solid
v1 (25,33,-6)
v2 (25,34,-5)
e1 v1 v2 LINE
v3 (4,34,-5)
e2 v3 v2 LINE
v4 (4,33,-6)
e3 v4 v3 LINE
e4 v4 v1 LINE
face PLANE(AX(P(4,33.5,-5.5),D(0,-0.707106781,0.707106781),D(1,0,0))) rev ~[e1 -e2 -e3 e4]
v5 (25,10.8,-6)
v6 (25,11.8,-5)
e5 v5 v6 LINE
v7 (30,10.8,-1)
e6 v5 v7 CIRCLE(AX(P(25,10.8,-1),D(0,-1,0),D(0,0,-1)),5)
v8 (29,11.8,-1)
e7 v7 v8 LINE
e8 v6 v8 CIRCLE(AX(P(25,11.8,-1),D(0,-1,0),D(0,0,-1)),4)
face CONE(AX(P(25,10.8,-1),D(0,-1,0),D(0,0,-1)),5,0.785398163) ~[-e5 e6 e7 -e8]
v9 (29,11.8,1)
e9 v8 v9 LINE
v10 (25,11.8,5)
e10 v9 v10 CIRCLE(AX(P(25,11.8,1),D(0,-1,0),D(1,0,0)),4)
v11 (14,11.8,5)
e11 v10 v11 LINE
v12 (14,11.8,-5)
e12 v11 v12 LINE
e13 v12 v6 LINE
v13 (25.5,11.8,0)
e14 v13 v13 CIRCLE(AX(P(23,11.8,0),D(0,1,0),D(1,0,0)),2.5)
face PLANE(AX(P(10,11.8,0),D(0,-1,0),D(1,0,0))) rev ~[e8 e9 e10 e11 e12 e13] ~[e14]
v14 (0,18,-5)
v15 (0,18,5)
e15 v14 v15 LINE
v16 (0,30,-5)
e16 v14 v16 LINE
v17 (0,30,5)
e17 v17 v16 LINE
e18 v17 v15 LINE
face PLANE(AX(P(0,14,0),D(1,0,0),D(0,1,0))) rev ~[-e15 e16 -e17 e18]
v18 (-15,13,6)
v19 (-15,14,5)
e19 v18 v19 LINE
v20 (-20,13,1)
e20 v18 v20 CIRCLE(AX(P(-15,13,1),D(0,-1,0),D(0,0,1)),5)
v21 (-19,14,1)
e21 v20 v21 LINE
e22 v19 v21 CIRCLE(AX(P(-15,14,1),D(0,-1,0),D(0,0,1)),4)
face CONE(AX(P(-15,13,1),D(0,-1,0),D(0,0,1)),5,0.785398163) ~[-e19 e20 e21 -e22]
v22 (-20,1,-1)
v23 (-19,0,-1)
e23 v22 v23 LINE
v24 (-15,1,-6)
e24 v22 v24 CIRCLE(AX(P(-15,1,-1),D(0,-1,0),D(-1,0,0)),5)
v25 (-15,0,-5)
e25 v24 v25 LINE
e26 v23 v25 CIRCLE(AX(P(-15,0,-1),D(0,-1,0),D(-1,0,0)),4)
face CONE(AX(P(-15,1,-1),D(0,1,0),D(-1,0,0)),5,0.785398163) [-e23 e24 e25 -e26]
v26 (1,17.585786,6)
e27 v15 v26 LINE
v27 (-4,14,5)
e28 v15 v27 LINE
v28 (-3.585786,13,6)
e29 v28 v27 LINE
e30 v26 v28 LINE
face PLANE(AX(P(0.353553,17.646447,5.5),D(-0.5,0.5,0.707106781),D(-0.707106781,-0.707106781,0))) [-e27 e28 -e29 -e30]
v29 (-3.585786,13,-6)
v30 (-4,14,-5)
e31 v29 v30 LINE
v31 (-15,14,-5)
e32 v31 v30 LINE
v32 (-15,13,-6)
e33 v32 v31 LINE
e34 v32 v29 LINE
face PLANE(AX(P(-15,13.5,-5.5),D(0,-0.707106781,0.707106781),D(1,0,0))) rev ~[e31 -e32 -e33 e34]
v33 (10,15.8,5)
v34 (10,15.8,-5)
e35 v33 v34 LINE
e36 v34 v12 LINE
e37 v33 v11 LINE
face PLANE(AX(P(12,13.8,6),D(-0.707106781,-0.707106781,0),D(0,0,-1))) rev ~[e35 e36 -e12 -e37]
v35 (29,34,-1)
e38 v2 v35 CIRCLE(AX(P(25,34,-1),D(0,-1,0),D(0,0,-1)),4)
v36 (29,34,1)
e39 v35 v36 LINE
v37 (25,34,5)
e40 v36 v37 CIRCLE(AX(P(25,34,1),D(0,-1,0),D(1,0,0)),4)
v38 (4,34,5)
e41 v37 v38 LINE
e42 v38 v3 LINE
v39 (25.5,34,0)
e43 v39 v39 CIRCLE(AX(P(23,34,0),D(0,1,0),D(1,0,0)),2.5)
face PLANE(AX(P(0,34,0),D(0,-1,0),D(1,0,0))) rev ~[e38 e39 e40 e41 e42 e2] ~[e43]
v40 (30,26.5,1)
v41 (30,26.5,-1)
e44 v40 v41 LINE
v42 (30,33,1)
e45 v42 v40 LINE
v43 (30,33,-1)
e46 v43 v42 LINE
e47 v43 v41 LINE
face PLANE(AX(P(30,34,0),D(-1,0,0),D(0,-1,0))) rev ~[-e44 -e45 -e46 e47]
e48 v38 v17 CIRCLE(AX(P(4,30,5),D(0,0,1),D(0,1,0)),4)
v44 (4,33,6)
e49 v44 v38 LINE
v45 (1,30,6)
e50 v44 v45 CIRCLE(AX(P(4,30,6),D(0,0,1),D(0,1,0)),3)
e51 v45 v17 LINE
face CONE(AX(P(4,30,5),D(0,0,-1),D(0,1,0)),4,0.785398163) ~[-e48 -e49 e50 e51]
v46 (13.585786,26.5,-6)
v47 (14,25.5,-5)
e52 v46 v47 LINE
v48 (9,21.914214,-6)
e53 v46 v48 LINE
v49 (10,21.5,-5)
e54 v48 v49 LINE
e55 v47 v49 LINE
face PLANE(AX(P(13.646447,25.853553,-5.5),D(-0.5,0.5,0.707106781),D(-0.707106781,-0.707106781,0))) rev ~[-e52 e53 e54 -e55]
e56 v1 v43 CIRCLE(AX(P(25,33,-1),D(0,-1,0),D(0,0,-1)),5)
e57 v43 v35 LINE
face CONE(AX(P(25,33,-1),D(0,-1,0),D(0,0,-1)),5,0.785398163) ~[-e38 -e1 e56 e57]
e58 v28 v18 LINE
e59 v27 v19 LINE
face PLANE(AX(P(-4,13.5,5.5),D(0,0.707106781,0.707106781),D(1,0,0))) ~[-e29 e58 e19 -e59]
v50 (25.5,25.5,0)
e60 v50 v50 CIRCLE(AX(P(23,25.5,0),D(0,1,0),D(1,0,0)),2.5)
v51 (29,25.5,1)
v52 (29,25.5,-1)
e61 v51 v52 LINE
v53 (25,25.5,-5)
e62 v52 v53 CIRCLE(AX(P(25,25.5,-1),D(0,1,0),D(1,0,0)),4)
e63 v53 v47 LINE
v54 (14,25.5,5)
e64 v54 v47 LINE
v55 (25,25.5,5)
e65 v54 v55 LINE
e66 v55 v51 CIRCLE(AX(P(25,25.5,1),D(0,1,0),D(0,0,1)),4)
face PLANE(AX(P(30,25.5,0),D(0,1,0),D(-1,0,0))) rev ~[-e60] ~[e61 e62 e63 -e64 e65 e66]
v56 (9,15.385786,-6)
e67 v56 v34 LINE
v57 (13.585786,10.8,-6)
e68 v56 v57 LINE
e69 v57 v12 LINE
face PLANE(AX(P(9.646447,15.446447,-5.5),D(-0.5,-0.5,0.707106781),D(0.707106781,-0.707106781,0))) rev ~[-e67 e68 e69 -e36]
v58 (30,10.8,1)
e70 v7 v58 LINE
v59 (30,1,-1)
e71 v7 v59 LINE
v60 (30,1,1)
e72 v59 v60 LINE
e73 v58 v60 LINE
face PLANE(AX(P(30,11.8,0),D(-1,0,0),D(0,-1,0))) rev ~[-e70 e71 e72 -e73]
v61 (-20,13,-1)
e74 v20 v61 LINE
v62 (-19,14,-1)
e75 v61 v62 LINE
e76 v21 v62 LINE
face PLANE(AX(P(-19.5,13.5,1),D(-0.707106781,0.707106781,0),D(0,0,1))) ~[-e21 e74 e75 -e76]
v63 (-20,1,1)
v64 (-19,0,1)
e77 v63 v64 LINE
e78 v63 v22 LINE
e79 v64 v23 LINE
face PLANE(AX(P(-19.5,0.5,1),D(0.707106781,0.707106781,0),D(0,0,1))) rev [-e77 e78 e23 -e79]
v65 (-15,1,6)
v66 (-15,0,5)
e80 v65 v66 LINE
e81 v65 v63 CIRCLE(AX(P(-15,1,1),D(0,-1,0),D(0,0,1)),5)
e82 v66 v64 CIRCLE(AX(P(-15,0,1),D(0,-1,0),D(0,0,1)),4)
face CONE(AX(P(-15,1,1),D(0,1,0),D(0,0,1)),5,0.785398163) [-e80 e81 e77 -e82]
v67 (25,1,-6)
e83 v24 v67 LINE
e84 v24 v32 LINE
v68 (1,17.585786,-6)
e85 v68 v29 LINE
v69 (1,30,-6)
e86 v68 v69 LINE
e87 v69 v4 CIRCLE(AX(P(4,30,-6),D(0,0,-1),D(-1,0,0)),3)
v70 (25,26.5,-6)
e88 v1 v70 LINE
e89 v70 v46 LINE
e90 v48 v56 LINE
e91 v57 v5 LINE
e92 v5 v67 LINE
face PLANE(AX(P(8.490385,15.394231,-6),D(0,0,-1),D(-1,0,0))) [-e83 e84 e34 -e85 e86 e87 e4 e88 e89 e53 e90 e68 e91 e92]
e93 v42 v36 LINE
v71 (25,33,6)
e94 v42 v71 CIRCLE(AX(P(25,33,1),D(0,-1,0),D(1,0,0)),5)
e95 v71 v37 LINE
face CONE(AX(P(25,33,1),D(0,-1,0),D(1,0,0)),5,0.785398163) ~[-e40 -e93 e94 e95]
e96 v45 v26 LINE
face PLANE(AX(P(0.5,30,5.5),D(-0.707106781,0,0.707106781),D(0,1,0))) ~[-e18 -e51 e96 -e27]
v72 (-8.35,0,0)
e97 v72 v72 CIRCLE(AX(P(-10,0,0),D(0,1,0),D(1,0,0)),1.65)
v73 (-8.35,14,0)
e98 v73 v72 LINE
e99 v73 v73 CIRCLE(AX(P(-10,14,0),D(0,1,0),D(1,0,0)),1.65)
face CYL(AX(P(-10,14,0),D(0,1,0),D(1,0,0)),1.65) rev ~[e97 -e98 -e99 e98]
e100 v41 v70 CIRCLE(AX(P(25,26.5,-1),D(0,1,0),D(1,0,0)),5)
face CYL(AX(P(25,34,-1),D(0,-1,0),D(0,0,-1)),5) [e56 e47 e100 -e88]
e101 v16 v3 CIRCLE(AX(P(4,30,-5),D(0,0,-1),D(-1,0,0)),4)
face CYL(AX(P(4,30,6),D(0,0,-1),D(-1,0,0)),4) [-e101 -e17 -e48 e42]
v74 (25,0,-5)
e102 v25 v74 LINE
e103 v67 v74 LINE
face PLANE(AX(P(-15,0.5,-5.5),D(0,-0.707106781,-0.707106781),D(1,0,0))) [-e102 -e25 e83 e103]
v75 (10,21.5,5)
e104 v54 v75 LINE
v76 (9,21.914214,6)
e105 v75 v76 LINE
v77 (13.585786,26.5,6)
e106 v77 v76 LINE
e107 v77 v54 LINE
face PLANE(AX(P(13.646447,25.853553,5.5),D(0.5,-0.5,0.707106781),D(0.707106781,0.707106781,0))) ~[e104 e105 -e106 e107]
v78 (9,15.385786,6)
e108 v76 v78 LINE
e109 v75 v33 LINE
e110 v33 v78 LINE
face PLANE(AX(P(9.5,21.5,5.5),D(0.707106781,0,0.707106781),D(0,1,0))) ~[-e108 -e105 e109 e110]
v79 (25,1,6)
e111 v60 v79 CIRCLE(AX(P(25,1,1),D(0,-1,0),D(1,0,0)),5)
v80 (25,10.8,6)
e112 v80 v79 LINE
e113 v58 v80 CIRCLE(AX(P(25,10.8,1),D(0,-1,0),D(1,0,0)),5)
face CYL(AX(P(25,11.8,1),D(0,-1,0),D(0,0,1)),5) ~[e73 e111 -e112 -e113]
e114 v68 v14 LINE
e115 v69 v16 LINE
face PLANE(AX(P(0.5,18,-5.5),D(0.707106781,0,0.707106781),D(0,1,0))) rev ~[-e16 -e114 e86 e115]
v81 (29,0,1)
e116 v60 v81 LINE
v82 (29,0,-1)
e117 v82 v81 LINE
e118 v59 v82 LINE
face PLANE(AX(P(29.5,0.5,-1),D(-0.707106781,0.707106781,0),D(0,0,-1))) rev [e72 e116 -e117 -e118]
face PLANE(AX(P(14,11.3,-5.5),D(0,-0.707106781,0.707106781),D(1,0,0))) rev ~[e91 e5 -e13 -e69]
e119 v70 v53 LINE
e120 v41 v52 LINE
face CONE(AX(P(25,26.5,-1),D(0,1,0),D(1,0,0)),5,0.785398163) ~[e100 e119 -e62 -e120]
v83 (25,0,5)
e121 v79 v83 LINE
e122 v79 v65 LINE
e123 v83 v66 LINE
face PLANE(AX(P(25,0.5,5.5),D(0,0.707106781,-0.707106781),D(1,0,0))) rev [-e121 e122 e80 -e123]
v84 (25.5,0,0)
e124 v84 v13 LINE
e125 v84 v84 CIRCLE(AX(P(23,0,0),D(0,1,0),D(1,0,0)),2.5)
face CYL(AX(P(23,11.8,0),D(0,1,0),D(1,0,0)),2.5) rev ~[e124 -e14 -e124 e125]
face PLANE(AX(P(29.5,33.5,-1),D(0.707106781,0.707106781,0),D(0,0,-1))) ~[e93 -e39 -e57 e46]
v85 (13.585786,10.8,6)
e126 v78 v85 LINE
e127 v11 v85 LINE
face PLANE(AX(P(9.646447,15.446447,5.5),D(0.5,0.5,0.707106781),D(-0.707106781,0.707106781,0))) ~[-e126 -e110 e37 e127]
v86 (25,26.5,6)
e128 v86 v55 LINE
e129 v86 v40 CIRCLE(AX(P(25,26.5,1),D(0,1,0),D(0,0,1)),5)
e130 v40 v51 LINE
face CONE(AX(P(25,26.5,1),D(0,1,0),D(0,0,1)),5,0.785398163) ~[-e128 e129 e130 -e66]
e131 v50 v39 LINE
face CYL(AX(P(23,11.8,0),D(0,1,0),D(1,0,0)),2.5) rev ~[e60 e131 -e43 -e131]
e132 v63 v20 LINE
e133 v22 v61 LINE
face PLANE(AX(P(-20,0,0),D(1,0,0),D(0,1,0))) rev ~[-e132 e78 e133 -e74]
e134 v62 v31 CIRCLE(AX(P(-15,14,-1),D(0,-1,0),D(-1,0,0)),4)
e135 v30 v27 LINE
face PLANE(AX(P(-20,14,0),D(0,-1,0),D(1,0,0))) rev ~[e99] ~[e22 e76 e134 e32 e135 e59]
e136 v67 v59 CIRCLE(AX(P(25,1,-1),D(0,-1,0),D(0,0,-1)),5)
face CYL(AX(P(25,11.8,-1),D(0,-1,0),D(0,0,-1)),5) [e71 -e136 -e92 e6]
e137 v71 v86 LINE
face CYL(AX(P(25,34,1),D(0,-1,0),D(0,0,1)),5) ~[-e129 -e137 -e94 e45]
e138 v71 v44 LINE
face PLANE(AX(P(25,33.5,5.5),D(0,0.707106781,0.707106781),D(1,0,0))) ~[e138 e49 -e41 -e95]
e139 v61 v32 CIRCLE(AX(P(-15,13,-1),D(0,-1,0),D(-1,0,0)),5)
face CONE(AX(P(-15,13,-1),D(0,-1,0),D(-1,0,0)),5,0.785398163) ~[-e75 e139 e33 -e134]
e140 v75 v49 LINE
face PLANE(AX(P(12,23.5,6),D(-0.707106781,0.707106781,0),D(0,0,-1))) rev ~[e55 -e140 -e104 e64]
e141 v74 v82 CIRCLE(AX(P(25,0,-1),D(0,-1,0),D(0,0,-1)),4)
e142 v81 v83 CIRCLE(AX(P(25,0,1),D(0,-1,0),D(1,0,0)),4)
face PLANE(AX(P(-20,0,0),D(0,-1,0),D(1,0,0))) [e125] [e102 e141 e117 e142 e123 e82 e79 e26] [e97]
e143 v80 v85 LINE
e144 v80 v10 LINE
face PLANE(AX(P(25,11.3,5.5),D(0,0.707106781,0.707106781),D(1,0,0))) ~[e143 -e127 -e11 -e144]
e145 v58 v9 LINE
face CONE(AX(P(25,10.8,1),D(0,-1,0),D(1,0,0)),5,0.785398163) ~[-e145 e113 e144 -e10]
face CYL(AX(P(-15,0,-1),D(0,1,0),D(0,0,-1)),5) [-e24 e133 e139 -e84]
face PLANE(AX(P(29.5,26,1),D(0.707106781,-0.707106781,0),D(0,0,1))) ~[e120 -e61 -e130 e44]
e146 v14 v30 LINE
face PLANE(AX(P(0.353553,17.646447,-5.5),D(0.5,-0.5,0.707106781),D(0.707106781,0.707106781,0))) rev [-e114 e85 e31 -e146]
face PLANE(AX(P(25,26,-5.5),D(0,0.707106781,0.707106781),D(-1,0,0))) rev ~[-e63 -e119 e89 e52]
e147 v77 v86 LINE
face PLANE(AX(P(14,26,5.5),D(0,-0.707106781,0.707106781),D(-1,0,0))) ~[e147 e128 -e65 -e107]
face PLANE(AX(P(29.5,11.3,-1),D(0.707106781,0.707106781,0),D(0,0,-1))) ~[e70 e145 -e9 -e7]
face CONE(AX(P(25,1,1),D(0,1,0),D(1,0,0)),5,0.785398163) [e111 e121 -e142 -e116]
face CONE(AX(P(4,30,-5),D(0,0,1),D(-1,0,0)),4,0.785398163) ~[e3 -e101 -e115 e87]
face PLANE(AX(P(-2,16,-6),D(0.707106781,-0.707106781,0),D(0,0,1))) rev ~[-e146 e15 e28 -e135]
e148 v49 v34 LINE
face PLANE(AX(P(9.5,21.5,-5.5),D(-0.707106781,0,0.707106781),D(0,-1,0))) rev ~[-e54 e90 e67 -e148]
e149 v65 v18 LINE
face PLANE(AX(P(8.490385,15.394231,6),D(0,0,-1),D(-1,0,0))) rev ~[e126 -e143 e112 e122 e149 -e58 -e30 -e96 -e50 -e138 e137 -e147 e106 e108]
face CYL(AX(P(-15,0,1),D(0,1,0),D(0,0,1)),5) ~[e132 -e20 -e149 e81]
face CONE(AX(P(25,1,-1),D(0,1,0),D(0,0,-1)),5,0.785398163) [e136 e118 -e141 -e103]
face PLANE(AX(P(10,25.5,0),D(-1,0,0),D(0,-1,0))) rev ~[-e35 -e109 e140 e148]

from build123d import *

# Parameters (mm, degrees)
BOSS_EXTRUDE1_DEPTH = 6
SKETCH2_R           = 1.65
CUT_EXTRUDE1_DEPTH  = 20
SKETCH3_R           = 2.5
CUT_EXTRUDE2_DEPTH  = 30
CHAMFER1_SIZE       = 4
FILLET1_R           = 4
FILLET2_R           = 5
CHAMFER2_SIZE       = 1


with BuildPart() as part:
    # Sketch1 → Boss-Extrude1 (new body, symmetric)
    with BuildSketch(Plane.XY):
        Polygon((0, 14), (0, 34), (30, 34), (30, 25.5), (10, 25.5), (10, 11.8), (30, 11.8), (30, 0), (0, 0), (-20, 0), (-20, 14), align=None)
    extrude(amount=BOSS_EXTRUDE1_DEPTH, both=True)

    # Sketch2 → Cut-Extrude1 (cut)
    with BuildSketch(Plane(origin=(0, 14, 0), x_dir=(1, 0, 0), z_dir=(0, 1, 0))):
        with Locations((-10, 0)):
            Circle(SKETCH2_R)
    extrude(amount=-CUT_EXTRUDE1_DEPTH, mode=Mode.SUBTRACT)

    # Sketch3 → Cut-Extrude2 (cut, symmetric)
    with BuildSketch(Plane(origin=(0, 11.8, 0), x_dir=(1, 0, 0), z_dir=(0, 1, 0))):
        with Locations((23, 0)):
            Circle(SKETCH3_R)
    extrude(amount=CUT_EXTRUDE2_DEPTH, both=True, mode=Mode.SUBTRACT)

    # Chamfer1
    chamfer1_edges = [part.edges().sort_by_distance(p)[0] for p in [
        (0, 14, 0),
        (10, 25.5, 0),
        (10, 11.8, 0),
    ]]
    chamfer(chamfer1_edges, length=CHAMFER1_SIZE)

    # Fillet1
    fillet1_edges = [part.edges().sort_by_distance(p)[0] for p in [
        (0, 34, 0),
    ]]
    fillet(fillet1_edges, radius=FILLET1_R)

    # Fillet2
    fillet2_edges = [part.edges().sort_by_distance(p)[0] for p in [
        (-20, 7, -6),
        (30, 29.75, -6),
        (30, 5.9, 6),
        (30, 5.9, -6),
        (30, 29.75, 6),
        (-20, 7, 6),
    ]]
    fillet(fillet2_edges, radius=FILLET2_R)

    # Chamfer2
    chamfer2_edges = [part.edges().sort_by_distance(p)[0] for p in [
        (-9.5, 14, -6),
        (-9.5, 14, 6),
        (10, 18.65, -6),
        (10, 18.65, 6),
        (19.5, 25.5, -6),
        (19.5, 25.5, 6),
        (-2, 16, -6),
        (-2, 16, 6),
        (12, 13.8, -6),
        (12, 13.8, 6),
        (12, 23.5, -6),
        (12, 23.5, 6),
        (0, 24, -6),
        (0, 24, 6),
        (1.171572875, 32.828427125, -6),
        (1.171572875, 32.828427125, 6),
        (30, 34, 0),
        (30, 25.5, 0),
        (14.5, 34, -6),
        (14.5, 34, 6),
        (28.535533906, 34, 4.535533906),
        (28.535533906, 34, -4.535533906),
        (19.5, 11.8, -6),
        (5, 0, -6),
        (28.535533906, 25.5, 4.535533906),
        (28.535533906, 25.5, -4.535533906),
        (5, 0, 6),
        (19.5, 11.8, 6),
        (30, 11.8, 0),
        (30, 0, 0),
        (28.535533906, 11.8, 4.535533906),
        (28.535533906, 11.8, -4.535533906),
        (-20, 0, 0),
        (-18.535533906, 0, 4.535533906),
        (-18.535533906, 0, -4.535533906),
        (28.535533906, 0, 4.535533906),
        (28.535533906, 0, -4.535533906),
        (-20, 14, 0),
        (-18.535533906, 14, 4.535533906),
        (-18.535533906, 14, -4.535533906),
    ]]
    chamfer(chamfer2_edges, length=CHAMFER2_SIZE)


solid = part.part
